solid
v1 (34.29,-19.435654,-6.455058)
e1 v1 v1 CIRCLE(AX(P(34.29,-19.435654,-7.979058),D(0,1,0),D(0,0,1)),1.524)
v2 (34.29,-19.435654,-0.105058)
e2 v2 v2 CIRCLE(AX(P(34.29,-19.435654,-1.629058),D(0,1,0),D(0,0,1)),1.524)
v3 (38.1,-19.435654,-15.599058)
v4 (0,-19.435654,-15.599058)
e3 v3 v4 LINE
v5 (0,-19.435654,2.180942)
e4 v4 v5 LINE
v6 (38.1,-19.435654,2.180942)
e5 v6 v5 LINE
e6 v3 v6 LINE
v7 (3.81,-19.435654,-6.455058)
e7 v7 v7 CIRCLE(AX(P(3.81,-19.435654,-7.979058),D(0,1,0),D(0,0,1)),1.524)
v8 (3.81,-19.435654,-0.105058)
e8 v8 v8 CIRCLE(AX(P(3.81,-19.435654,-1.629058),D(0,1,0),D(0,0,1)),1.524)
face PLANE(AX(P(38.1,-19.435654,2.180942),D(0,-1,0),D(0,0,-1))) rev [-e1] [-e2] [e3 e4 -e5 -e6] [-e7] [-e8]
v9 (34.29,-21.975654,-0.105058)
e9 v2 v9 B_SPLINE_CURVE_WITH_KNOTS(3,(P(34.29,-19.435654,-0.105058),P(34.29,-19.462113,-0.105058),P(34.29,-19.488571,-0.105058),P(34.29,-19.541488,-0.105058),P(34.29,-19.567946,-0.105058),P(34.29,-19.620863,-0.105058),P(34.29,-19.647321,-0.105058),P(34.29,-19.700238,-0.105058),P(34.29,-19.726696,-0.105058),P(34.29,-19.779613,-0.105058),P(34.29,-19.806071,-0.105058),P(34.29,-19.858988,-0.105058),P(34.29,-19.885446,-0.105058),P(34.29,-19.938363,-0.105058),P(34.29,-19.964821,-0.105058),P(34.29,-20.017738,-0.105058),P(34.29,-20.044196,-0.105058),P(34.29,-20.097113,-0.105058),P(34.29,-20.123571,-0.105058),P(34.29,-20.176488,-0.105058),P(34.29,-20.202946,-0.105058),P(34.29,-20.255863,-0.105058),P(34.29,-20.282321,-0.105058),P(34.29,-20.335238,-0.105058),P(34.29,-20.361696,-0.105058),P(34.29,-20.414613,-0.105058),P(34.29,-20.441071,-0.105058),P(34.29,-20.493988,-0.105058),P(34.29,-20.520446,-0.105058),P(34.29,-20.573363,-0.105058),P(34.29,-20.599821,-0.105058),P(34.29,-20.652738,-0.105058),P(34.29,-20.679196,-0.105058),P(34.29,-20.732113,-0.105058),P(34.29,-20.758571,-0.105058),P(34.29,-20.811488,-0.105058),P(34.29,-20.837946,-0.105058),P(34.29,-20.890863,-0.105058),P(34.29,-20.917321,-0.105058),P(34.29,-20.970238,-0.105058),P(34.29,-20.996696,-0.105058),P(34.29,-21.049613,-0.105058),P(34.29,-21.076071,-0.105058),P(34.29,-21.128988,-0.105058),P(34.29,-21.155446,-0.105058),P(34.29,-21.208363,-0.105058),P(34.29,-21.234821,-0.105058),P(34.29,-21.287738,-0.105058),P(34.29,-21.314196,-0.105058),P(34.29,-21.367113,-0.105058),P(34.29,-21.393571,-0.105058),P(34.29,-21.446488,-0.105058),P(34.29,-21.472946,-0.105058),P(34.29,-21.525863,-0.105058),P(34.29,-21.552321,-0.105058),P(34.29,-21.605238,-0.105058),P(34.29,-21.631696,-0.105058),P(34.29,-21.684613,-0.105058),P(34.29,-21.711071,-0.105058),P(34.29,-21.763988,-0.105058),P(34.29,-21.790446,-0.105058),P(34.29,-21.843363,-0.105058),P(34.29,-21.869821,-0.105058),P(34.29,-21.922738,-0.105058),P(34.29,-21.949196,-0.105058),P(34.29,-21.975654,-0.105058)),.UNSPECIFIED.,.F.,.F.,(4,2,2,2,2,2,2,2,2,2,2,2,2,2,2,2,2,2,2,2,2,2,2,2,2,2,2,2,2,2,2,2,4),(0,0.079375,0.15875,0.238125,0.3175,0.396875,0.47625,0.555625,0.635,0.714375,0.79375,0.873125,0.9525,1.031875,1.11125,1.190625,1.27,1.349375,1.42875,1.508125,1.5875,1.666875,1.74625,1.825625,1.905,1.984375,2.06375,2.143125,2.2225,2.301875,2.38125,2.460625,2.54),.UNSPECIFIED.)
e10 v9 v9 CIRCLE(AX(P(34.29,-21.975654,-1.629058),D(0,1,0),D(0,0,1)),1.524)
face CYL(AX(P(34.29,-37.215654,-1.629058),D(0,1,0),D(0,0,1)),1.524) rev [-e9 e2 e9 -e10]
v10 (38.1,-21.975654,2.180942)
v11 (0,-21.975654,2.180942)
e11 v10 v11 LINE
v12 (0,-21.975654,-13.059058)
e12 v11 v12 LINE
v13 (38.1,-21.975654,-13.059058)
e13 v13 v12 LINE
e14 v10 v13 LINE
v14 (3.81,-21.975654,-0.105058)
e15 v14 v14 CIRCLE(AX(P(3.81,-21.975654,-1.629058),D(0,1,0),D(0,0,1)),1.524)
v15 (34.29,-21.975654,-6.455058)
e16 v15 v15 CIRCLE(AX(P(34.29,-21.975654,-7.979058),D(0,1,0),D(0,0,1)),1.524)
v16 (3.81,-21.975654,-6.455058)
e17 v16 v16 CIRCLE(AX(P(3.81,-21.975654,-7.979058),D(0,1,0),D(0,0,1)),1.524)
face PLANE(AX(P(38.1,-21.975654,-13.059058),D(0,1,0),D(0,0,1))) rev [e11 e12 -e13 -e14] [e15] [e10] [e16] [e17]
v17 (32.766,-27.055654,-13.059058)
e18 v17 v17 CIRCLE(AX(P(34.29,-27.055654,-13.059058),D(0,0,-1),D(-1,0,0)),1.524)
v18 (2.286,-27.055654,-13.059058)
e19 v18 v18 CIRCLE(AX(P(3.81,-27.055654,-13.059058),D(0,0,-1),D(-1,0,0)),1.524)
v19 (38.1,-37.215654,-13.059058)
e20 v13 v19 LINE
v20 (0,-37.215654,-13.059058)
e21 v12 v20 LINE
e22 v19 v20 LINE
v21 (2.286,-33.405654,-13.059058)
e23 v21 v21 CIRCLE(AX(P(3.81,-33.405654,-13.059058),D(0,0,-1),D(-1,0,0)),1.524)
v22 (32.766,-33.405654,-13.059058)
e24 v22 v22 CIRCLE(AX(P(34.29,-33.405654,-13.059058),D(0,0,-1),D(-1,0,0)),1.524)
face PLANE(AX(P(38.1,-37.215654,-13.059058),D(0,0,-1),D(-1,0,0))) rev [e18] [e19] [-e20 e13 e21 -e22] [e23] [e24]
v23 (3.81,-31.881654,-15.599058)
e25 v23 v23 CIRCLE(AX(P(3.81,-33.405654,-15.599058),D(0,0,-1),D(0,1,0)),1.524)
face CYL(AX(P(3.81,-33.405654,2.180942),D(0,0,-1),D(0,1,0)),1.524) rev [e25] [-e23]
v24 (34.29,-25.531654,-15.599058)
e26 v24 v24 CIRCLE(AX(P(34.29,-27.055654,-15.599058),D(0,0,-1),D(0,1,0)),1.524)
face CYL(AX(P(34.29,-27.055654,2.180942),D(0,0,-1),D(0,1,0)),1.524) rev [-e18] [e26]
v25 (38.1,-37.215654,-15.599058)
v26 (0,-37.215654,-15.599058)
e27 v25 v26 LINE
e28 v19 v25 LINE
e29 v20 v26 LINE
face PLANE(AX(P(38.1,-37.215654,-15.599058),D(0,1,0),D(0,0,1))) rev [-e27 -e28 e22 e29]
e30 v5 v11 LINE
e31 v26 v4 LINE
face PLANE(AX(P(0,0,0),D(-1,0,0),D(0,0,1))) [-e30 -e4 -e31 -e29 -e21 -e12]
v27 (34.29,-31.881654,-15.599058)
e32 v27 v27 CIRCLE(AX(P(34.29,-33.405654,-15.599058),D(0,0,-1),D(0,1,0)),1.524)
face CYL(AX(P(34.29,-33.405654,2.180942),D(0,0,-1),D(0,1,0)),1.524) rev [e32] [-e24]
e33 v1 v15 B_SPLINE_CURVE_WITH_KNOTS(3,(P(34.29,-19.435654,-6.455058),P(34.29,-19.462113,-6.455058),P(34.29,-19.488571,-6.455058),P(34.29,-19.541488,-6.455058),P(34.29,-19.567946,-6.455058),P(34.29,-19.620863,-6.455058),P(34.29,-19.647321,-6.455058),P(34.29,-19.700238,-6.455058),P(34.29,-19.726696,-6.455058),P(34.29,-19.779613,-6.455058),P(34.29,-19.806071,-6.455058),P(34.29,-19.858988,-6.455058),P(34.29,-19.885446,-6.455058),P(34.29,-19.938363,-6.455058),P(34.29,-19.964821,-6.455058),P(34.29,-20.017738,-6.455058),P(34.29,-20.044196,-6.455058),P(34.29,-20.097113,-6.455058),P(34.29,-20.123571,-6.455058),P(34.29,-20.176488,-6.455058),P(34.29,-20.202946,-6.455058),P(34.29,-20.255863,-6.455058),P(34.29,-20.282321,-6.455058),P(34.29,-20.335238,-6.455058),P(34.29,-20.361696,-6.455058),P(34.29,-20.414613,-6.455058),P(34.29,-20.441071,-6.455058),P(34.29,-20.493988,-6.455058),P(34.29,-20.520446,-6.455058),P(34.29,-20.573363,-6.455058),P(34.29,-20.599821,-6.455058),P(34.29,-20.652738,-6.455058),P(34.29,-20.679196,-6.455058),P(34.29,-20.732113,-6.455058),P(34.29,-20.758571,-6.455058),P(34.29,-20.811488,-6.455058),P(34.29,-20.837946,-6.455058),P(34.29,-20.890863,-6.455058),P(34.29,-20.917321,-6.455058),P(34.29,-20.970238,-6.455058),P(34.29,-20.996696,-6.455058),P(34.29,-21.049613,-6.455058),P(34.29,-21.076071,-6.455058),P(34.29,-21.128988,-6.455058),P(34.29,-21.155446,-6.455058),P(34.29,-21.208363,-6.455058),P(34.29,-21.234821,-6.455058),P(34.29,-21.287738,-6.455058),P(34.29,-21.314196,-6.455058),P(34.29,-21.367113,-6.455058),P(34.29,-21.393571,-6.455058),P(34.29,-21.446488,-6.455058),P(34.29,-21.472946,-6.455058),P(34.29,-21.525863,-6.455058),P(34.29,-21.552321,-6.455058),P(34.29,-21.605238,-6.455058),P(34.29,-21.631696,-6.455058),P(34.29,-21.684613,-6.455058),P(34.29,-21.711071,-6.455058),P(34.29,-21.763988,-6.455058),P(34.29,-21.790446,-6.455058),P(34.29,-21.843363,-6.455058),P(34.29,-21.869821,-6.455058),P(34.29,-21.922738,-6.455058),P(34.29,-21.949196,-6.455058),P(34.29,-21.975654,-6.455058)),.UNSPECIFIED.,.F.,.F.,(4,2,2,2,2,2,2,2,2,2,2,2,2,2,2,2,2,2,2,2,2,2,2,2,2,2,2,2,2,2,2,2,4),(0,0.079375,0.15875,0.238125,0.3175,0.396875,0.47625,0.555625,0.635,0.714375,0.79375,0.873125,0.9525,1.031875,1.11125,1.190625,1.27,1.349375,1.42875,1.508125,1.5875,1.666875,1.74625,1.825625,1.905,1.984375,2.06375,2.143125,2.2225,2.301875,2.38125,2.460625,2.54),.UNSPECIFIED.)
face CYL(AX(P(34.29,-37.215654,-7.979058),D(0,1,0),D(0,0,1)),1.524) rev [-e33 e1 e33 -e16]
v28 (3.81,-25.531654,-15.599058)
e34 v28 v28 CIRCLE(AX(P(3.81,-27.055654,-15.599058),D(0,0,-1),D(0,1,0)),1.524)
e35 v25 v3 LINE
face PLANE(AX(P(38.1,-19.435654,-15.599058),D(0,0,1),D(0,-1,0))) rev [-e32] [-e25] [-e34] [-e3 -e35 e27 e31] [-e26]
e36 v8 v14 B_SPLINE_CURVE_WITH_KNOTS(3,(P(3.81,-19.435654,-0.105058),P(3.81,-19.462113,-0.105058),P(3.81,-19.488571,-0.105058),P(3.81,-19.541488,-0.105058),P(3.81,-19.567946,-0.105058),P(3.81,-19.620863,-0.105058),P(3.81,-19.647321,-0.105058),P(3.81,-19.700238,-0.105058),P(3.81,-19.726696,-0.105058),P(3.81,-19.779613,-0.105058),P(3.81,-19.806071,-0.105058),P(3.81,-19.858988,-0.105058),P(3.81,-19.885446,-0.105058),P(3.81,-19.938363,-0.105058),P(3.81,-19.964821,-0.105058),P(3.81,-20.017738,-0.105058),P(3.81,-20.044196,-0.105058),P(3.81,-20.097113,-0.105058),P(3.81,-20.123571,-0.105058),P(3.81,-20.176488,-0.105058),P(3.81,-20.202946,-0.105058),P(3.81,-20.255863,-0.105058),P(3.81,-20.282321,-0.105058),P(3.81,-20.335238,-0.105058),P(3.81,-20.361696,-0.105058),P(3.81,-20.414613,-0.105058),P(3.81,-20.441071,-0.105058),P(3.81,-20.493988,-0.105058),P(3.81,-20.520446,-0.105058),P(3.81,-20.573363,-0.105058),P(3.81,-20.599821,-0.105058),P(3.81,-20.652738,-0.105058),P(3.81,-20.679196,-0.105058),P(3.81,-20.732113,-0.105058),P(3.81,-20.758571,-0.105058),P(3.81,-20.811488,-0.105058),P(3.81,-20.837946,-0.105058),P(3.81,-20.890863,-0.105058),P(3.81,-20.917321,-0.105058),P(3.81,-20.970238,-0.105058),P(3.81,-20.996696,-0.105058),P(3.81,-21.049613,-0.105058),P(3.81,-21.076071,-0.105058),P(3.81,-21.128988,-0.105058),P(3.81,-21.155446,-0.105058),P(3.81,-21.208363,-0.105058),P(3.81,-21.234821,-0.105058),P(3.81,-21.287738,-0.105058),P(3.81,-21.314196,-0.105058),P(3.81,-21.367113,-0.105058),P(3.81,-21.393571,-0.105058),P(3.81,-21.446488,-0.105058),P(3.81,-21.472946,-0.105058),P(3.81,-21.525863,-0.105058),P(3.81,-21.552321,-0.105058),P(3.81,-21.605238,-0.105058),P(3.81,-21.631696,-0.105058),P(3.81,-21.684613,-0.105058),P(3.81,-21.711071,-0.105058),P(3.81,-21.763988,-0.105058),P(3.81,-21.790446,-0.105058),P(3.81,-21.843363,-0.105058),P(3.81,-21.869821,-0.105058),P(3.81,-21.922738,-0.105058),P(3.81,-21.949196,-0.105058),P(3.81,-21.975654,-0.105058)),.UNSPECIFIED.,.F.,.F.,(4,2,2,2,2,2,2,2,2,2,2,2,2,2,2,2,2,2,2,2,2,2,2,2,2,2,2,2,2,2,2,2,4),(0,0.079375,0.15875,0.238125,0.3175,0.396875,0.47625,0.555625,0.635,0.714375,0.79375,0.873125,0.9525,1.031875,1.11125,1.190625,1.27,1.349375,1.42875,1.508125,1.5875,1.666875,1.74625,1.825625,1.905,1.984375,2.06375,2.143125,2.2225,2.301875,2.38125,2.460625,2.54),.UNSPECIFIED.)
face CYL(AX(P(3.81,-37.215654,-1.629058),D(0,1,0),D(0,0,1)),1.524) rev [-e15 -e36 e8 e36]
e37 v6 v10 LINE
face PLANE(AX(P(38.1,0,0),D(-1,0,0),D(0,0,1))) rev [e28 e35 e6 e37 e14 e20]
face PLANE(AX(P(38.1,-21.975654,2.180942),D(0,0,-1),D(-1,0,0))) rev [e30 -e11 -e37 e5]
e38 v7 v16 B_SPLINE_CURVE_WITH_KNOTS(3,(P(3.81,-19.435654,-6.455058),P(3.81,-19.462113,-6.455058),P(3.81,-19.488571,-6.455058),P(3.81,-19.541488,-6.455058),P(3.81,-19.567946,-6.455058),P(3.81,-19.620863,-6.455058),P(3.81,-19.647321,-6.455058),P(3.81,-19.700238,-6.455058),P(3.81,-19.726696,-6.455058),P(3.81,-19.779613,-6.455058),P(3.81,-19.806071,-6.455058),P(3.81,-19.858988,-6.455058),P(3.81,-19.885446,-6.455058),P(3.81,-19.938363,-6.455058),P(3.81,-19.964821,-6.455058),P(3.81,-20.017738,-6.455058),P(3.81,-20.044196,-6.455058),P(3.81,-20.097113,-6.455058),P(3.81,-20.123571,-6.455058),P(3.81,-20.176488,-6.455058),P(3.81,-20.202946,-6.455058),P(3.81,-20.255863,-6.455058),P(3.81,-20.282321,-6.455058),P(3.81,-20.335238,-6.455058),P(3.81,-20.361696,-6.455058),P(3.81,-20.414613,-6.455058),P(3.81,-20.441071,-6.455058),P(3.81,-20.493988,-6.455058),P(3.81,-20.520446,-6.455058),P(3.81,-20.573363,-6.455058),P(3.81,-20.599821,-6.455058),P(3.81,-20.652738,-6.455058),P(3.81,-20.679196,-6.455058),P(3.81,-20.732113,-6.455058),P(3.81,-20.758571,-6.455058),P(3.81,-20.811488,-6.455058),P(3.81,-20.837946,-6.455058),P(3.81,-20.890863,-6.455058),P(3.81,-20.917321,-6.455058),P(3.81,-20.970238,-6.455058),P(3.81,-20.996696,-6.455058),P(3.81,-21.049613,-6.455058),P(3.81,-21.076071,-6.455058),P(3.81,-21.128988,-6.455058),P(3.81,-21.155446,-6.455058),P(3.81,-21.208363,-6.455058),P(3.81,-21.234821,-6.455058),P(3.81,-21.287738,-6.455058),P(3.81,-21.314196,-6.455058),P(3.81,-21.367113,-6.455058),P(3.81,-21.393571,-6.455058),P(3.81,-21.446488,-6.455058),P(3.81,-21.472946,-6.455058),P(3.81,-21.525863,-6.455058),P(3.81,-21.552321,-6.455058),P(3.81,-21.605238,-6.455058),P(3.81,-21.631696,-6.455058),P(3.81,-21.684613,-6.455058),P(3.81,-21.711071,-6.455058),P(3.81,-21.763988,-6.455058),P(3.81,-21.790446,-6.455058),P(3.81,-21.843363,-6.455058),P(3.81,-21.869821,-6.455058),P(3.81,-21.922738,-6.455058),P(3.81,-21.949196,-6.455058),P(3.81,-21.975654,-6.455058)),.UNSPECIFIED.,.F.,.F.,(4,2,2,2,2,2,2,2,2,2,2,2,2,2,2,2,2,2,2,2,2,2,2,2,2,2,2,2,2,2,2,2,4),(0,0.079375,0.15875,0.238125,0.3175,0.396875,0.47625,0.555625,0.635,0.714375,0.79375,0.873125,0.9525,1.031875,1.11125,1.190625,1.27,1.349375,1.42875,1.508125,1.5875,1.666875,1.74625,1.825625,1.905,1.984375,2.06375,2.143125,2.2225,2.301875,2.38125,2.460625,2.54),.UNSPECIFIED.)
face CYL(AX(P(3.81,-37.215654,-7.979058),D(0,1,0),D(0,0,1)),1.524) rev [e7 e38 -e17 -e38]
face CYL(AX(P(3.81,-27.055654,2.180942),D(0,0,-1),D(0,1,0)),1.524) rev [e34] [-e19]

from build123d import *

# Parameters (mm, degrees)
BOSS_EXTRUDE1_DEPTH = 38.1
SKETCH2_R           = 1.524
CUT_EXTRUDE1_DEPTH  = 57.149295064
SKETCH3_R           = 1.524
CUT_EXTRUDE2_DEPTH  = 45.844943949


with BuildPart() as part:
    # Sketch1 → Boss-Extrude1 (new body)
    with BuildSketch(Plane(origin=(0, 0, 0), x_dir=(0, 0, -1), z_dir=(1, 0, 0))):
        Polygon((-2.180942408, -19.43565445), (15.599057592, -19.43565445), (15.599057592, -37.21565445), (13.059057592, -37.21565445), (13.059057592, -21.97565445), (-2.180942408, -21.97565445), align=None)
    extrude(amount=BOSS_EXTRUDE1_DEPTH)

    # Sketch2 → Cut-Extrude1 (cut, through all)
    with BuildSketch(Plane(origin=(0, 0, -15.599057592), x_dir=(-1, 0, 0), z_dir=(0, 0, -1))):
        with Locations(Location((-34.29, -33.40565445, 0), (0, 0, 90))):
            Circle(SKETCH2_R)
        with Locations(Location((-3.81, -33.40565445, 0), (0, 0, 90))):
            Circle(SKETCH2_R)
        with Locations(Location((-3.81, -27.05565445, 0), (0, 0, 90))):
            Circle(SKETCH2_R)
        with Locations(Location((-34.29, -27.05565445, 0), (0, 0, 90))):
            Circle(SKETCH2_R)
    extrude(amount=-CUT_EXTRUDE1_DEPTH, mode=Mode.SUBTRACT)

    # Sketch3 → Cut-Extrude2 (cut, through all)
    with BuildSketch(Plane(origin=(0, -19.43565445, 0), x_dir=(1, 0, 0), z_dir=(0, 1, 0))):
        with Locations(Location((3.81, 1.629057592, 0), (0, 0, 270))):
            Circle(SKETCH3_R)
        with Locations(Location((34.29, 1.629057592, 0), (0, 0, 270))):
            Circle(SKETCH3_R)
        with Locations(Location((3.81, 7.979057592, 0), (0, 0, 270))):
            Circle(SKETCH3_R)
        with Locations(Location((34.29, 7.979057592, 0), (0, 0, 270))):
            Circle(SKETCH3_R)
    extrude(amount=-CUT_EXTRUDE2_DEPTH, mode=Mode.SUBTRACT)


solid = part.part
